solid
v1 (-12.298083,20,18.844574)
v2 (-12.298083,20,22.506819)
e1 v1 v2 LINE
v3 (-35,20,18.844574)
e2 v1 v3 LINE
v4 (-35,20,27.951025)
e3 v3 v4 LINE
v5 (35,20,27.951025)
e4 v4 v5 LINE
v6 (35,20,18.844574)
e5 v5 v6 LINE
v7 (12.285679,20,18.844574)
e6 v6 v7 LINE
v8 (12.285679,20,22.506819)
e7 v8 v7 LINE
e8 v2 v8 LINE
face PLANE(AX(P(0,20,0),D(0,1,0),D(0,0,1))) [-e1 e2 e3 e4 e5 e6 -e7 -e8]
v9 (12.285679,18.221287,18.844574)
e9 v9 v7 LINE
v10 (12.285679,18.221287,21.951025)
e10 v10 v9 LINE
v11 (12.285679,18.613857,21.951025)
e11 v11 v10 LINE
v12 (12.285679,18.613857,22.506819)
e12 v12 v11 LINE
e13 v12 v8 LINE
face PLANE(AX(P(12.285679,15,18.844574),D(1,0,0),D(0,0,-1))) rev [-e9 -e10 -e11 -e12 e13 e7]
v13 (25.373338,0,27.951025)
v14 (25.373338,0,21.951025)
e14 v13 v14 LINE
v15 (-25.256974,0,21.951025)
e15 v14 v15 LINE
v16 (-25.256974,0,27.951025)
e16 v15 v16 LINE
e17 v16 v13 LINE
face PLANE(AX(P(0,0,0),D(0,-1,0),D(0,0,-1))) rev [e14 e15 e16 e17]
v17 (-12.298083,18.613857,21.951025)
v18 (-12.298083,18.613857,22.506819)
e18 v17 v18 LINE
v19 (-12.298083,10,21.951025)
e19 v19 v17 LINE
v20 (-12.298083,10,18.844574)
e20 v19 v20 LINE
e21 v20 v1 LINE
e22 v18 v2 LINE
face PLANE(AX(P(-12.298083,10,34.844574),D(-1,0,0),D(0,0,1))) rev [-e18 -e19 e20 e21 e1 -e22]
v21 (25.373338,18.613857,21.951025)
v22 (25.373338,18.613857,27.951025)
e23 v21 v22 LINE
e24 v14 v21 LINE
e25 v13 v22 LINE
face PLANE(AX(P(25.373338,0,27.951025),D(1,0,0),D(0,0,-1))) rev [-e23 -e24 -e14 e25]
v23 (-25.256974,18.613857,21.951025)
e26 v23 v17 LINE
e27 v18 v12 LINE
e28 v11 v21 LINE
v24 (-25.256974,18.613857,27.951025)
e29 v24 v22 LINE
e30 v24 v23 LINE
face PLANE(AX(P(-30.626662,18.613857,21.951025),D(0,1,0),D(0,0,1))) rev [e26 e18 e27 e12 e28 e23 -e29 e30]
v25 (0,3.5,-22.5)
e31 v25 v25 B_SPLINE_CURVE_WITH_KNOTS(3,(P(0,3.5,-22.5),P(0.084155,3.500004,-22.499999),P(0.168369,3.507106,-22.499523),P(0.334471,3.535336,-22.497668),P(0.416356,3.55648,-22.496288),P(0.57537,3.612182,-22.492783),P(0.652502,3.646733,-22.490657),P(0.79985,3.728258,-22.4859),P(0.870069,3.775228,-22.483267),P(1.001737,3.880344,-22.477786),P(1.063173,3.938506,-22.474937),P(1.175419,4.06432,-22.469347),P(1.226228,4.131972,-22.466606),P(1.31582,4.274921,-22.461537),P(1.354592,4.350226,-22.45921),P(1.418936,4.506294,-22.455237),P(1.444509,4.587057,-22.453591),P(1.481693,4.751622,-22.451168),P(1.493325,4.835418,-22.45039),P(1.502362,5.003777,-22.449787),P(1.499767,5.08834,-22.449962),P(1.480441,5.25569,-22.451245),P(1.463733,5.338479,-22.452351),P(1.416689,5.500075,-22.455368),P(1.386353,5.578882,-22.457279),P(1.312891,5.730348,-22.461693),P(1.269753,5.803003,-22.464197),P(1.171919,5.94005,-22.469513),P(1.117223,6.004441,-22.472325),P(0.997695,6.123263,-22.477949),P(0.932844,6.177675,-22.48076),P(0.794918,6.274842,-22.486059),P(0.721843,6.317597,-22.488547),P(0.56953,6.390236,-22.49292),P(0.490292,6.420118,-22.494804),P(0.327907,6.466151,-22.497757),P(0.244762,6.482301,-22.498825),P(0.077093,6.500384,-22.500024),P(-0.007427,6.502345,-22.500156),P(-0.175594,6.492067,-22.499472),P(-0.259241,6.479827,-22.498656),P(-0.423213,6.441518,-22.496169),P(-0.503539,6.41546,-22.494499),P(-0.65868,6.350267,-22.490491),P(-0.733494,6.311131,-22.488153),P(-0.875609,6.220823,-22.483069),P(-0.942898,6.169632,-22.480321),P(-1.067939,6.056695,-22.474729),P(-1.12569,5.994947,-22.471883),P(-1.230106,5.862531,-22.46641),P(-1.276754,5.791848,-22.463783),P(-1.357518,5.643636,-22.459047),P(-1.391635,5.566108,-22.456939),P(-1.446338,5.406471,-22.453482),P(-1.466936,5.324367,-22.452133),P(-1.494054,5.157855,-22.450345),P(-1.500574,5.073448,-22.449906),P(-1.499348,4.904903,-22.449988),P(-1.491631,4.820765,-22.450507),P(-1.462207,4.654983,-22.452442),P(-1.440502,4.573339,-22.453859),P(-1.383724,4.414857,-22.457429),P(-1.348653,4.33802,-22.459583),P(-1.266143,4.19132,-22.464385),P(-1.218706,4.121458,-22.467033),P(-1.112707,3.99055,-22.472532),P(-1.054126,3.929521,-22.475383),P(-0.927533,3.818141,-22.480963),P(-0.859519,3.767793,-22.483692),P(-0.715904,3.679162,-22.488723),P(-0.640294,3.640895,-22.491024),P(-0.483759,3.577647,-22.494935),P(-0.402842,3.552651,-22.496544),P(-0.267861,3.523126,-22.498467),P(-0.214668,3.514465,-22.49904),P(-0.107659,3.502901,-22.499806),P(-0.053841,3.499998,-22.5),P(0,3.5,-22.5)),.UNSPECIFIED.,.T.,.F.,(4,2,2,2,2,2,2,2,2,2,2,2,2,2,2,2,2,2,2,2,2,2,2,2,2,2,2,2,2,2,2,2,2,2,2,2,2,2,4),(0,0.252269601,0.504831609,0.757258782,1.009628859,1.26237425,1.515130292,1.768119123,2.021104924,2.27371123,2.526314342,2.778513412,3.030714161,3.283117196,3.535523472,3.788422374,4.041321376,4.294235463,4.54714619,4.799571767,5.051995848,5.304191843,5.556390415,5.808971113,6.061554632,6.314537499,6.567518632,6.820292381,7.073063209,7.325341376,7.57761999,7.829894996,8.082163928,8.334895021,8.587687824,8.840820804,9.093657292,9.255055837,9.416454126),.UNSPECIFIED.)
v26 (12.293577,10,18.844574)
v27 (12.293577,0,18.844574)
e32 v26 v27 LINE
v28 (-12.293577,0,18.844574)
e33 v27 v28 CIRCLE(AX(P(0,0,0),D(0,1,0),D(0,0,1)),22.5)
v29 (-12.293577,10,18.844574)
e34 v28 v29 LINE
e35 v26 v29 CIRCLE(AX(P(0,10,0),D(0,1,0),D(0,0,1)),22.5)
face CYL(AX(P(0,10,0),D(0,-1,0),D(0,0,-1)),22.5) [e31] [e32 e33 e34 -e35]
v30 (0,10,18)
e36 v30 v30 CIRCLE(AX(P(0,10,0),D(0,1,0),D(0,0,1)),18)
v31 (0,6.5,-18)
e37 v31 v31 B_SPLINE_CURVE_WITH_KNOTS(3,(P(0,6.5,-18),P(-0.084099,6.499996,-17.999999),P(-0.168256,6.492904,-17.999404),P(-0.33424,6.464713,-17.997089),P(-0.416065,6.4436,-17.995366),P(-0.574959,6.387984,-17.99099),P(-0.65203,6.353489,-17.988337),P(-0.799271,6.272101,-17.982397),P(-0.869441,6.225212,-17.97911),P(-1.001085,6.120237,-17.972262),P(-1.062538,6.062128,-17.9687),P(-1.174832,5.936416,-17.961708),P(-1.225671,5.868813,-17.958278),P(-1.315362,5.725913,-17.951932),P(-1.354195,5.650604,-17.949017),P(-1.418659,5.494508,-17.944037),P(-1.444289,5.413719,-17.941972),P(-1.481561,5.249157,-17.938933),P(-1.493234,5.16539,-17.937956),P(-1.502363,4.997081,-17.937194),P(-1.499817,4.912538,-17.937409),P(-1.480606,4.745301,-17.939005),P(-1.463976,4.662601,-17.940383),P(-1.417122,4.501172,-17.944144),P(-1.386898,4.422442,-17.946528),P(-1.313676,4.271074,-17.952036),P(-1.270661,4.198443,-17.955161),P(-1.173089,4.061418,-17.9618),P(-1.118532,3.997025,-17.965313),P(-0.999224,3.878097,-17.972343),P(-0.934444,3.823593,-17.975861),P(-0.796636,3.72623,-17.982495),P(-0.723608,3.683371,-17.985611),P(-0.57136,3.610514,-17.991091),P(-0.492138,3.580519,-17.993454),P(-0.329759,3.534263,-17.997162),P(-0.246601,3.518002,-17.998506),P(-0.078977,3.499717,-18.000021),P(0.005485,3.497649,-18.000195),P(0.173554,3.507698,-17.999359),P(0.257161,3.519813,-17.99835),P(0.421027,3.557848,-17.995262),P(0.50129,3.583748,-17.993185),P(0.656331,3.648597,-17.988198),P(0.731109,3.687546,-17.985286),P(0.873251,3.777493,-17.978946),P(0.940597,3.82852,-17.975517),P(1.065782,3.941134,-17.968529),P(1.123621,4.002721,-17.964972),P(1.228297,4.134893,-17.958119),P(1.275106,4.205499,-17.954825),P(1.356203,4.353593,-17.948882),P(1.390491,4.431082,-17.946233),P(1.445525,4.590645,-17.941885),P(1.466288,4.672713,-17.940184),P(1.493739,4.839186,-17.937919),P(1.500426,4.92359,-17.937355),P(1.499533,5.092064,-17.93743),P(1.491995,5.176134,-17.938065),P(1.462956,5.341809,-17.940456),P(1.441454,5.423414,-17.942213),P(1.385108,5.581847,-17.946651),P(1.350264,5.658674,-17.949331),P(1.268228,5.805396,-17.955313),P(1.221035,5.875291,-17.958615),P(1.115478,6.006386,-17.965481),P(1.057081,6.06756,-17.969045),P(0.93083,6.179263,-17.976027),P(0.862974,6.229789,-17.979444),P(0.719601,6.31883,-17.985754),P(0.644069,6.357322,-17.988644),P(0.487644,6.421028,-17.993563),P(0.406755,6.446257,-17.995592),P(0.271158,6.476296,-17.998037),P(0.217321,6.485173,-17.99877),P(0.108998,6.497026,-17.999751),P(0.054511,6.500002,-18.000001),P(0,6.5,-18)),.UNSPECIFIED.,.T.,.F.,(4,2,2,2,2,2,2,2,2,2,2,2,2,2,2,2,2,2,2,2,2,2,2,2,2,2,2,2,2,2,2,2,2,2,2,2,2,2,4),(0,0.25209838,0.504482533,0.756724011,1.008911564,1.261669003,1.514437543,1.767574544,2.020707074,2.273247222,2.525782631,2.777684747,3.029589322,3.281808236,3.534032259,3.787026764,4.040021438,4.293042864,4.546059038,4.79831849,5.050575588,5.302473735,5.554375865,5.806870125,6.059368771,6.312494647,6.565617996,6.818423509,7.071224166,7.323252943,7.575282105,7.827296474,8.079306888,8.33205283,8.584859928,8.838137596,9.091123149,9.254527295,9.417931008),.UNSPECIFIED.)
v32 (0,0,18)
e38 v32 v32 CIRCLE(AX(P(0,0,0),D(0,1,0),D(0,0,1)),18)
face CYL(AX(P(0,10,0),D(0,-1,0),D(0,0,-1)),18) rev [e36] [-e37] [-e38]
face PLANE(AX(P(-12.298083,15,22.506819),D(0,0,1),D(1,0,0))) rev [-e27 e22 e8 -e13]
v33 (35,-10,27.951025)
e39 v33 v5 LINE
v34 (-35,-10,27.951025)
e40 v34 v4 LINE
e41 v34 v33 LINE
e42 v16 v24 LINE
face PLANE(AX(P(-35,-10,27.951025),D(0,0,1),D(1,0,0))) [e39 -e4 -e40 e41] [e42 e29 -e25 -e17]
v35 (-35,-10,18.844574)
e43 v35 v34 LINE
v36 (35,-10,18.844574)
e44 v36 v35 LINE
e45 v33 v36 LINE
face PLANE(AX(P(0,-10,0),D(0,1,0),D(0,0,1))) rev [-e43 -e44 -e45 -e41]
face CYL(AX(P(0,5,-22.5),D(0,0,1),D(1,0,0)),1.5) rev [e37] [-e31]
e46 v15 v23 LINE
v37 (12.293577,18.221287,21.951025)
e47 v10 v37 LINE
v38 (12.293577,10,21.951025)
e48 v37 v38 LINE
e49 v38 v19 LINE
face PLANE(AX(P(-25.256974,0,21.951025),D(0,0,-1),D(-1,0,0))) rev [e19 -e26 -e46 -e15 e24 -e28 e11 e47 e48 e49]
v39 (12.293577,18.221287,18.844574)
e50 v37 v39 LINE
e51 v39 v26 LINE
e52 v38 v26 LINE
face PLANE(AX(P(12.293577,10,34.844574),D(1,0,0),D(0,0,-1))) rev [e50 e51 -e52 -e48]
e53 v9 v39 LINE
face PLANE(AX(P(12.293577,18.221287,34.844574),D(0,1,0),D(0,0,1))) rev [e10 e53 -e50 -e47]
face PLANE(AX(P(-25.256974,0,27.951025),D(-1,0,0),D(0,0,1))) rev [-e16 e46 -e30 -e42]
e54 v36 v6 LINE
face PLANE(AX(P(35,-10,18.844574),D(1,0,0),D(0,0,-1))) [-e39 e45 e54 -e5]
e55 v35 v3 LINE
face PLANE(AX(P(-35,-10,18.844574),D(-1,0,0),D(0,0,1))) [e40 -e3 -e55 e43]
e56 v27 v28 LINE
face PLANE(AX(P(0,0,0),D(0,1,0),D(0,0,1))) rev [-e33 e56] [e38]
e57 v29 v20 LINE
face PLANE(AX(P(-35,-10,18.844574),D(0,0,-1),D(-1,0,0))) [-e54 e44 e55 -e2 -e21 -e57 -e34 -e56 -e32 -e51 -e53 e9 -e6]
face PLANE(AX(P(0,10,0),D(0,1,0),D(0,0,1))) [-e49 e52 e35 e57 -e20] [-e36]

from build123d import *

# Parameters (mm, degrees)
CROQUIS1_R                   = 22.5
CROQUIS1_R_2                 = 18
SALIENTE_EXTRUIR1_DEPTH      = 10
SALIENTE_EXTRUIR2_DEPTH      = 10
SALIENTE_EXTRUIR2_DEPTH_BACK = 20
CROQUIS3_W                   = 70
CROQUIS3_H                   = 9.106451256
CROQUIS5_R                   = 1.5
CORTAR_EXTRUIR1_DEPTH        = 50.053642187
CROQUIS7_W                   = 50
CROQUIS7_H                   = 10.485407271
CORTAR_EXTRUIR2_DEPTH        = 5
CROQUIS8_W                   = 50.630312491
CROQUIS8_H                   = 6
CORTAR_EXTRUIR3_DEPTH        = 20
CROQUIS11_W                  = 24.591659355
CROQUIS11_H                  = 8.221287074
CORTAR_EXTRUIR4_DEPTH        = 16
CROQUIS12_W                  = 6
CROQUIS12_H                  = 1.38614326
SALIENTE_EXTRUIR3_DEPTH      = 56
CROQUIS13_W                  = 24.583761772
CROQUIS13_H                  = 3.662244936
CORTAR_EXTRUIR5_DEPTH        = 5


with BuildPart() as part:
    # Croquis1 → Saliente-Extruir1 (new body)
    with BuildSketch(Plane(origin=(0, 0, 0), x_dir=(1, 0, 0), z_dir=(0, 1, 0))):
        with Locations(Location((0, 0, 0), (0, 0, 270))):
            Circle(CROQUIS1_R)
        with Locations(Location((0, 0, 0), (0, 0, 270))):
            Circle(CROQUIS1_R_2, mode=Mode.SUBTRACT)
    extrude(amount=SALIENTE_EXTRUIR1_DEPTH)

    # Croquis3 → Saliente-Extruir2 (add, two sides: drawn at the far end of the back side and taken through both)
    with BuildSketch(Plane(origin=(0, 10, 0), x_dir=(1, 0, 0), z_dir=(0, 1, 0)).offset(-SALIENTE_EXTRUIR2_DEPTH_BACK)):
        with Locations((0, -23.39779961)):
            Rectangle(CROQUIS3_W, CROQUIS3_H)
    extrude(amount=SALIENTE_EXTRUIR2_DEPTH + SALIENTE_EXTRUIR2_DEPTH_BACK)

    # Croquis5 → Cortar-Extruir1 (cut, through all)
    with BuildSketch(Plane.XY):
        with Locations(Location((0, 5, 0), (0, 0, 90))):
            Circle(CROQUIS5_R)
    extrude(amount=-CORTAR_EXTRUIR1_DEPTH, mode=Mode.SUBTRACT)

    # Croquis7 → Cortar-Extruir2 (cut)
    with BuildSketch(Plane.XY.offset(27.951025238)):
        with Locations((0, 6.110348598)):
            Rectangle(CROQUIS7_W, CROQUIS7_H)
    extrude(amount=-CORTAR_EXTRUIR2_DEPTH, mode=Mode.SUBTRACT)

    # Croquis8 → Cortar-Extruir3 (cut)
    with BuildSketch(Plane(origin=(0, 20, 0), x_dir=(1, 0, 0), z_dir=(0, 1, 0))):
        with Locations((0.058181837, -24.951025238)):
            Rectangle(CROQUIS8_W, CROQUIS8_H)
    extrude(amount=-CORTAR_EXTRUIR3_DEPTH, mode=Mode.SUBTRACT)

    # Croquis11 → Cortar-Extruir4 (cut)
    with BuildSketch(Plane(origin=(0, 0, 18.844573982), x_dir=(-1, 0, 0), z_dir=(0, 0, -1))):
        with Locations((0.00225284, 14.110643537)):
            Rectangle(CROQUIS11_W, CROQUIS11_H)
    extrude(amount=-CORTAR_EXTRUIR4_DEPTH, mode=Mode.SUBTRACT)

    # Croquis12 → Saliente-Extruir3 (add)
    with BuildSketch(Plane.ZY.offset(-25.373338083)):
        with Locations((24.951025238, 19.30692837)):
            Rectangle(CROQUIS12_W, CROQUIS12_H)
    extrude(amount=SALIENTE_EXTRUIR3_DEPTH)

    # Croquis13 → Cortar-Extruir5 (cut)
    with BuildSketch(Plane(origin=(0, 20, 0), x_dir=(1, 0, 0), z_dir=(0, 1, 0))):
        with Locations((-0.006201632, -20.67569645)):
            Rectangle(CROQUIS13_W, CROQUIS13_H)
    extrude(amount=-CORTAR_EXTRUIR5_DEPTH, mode=Mode.SUBTRACT)


solid = part.part
